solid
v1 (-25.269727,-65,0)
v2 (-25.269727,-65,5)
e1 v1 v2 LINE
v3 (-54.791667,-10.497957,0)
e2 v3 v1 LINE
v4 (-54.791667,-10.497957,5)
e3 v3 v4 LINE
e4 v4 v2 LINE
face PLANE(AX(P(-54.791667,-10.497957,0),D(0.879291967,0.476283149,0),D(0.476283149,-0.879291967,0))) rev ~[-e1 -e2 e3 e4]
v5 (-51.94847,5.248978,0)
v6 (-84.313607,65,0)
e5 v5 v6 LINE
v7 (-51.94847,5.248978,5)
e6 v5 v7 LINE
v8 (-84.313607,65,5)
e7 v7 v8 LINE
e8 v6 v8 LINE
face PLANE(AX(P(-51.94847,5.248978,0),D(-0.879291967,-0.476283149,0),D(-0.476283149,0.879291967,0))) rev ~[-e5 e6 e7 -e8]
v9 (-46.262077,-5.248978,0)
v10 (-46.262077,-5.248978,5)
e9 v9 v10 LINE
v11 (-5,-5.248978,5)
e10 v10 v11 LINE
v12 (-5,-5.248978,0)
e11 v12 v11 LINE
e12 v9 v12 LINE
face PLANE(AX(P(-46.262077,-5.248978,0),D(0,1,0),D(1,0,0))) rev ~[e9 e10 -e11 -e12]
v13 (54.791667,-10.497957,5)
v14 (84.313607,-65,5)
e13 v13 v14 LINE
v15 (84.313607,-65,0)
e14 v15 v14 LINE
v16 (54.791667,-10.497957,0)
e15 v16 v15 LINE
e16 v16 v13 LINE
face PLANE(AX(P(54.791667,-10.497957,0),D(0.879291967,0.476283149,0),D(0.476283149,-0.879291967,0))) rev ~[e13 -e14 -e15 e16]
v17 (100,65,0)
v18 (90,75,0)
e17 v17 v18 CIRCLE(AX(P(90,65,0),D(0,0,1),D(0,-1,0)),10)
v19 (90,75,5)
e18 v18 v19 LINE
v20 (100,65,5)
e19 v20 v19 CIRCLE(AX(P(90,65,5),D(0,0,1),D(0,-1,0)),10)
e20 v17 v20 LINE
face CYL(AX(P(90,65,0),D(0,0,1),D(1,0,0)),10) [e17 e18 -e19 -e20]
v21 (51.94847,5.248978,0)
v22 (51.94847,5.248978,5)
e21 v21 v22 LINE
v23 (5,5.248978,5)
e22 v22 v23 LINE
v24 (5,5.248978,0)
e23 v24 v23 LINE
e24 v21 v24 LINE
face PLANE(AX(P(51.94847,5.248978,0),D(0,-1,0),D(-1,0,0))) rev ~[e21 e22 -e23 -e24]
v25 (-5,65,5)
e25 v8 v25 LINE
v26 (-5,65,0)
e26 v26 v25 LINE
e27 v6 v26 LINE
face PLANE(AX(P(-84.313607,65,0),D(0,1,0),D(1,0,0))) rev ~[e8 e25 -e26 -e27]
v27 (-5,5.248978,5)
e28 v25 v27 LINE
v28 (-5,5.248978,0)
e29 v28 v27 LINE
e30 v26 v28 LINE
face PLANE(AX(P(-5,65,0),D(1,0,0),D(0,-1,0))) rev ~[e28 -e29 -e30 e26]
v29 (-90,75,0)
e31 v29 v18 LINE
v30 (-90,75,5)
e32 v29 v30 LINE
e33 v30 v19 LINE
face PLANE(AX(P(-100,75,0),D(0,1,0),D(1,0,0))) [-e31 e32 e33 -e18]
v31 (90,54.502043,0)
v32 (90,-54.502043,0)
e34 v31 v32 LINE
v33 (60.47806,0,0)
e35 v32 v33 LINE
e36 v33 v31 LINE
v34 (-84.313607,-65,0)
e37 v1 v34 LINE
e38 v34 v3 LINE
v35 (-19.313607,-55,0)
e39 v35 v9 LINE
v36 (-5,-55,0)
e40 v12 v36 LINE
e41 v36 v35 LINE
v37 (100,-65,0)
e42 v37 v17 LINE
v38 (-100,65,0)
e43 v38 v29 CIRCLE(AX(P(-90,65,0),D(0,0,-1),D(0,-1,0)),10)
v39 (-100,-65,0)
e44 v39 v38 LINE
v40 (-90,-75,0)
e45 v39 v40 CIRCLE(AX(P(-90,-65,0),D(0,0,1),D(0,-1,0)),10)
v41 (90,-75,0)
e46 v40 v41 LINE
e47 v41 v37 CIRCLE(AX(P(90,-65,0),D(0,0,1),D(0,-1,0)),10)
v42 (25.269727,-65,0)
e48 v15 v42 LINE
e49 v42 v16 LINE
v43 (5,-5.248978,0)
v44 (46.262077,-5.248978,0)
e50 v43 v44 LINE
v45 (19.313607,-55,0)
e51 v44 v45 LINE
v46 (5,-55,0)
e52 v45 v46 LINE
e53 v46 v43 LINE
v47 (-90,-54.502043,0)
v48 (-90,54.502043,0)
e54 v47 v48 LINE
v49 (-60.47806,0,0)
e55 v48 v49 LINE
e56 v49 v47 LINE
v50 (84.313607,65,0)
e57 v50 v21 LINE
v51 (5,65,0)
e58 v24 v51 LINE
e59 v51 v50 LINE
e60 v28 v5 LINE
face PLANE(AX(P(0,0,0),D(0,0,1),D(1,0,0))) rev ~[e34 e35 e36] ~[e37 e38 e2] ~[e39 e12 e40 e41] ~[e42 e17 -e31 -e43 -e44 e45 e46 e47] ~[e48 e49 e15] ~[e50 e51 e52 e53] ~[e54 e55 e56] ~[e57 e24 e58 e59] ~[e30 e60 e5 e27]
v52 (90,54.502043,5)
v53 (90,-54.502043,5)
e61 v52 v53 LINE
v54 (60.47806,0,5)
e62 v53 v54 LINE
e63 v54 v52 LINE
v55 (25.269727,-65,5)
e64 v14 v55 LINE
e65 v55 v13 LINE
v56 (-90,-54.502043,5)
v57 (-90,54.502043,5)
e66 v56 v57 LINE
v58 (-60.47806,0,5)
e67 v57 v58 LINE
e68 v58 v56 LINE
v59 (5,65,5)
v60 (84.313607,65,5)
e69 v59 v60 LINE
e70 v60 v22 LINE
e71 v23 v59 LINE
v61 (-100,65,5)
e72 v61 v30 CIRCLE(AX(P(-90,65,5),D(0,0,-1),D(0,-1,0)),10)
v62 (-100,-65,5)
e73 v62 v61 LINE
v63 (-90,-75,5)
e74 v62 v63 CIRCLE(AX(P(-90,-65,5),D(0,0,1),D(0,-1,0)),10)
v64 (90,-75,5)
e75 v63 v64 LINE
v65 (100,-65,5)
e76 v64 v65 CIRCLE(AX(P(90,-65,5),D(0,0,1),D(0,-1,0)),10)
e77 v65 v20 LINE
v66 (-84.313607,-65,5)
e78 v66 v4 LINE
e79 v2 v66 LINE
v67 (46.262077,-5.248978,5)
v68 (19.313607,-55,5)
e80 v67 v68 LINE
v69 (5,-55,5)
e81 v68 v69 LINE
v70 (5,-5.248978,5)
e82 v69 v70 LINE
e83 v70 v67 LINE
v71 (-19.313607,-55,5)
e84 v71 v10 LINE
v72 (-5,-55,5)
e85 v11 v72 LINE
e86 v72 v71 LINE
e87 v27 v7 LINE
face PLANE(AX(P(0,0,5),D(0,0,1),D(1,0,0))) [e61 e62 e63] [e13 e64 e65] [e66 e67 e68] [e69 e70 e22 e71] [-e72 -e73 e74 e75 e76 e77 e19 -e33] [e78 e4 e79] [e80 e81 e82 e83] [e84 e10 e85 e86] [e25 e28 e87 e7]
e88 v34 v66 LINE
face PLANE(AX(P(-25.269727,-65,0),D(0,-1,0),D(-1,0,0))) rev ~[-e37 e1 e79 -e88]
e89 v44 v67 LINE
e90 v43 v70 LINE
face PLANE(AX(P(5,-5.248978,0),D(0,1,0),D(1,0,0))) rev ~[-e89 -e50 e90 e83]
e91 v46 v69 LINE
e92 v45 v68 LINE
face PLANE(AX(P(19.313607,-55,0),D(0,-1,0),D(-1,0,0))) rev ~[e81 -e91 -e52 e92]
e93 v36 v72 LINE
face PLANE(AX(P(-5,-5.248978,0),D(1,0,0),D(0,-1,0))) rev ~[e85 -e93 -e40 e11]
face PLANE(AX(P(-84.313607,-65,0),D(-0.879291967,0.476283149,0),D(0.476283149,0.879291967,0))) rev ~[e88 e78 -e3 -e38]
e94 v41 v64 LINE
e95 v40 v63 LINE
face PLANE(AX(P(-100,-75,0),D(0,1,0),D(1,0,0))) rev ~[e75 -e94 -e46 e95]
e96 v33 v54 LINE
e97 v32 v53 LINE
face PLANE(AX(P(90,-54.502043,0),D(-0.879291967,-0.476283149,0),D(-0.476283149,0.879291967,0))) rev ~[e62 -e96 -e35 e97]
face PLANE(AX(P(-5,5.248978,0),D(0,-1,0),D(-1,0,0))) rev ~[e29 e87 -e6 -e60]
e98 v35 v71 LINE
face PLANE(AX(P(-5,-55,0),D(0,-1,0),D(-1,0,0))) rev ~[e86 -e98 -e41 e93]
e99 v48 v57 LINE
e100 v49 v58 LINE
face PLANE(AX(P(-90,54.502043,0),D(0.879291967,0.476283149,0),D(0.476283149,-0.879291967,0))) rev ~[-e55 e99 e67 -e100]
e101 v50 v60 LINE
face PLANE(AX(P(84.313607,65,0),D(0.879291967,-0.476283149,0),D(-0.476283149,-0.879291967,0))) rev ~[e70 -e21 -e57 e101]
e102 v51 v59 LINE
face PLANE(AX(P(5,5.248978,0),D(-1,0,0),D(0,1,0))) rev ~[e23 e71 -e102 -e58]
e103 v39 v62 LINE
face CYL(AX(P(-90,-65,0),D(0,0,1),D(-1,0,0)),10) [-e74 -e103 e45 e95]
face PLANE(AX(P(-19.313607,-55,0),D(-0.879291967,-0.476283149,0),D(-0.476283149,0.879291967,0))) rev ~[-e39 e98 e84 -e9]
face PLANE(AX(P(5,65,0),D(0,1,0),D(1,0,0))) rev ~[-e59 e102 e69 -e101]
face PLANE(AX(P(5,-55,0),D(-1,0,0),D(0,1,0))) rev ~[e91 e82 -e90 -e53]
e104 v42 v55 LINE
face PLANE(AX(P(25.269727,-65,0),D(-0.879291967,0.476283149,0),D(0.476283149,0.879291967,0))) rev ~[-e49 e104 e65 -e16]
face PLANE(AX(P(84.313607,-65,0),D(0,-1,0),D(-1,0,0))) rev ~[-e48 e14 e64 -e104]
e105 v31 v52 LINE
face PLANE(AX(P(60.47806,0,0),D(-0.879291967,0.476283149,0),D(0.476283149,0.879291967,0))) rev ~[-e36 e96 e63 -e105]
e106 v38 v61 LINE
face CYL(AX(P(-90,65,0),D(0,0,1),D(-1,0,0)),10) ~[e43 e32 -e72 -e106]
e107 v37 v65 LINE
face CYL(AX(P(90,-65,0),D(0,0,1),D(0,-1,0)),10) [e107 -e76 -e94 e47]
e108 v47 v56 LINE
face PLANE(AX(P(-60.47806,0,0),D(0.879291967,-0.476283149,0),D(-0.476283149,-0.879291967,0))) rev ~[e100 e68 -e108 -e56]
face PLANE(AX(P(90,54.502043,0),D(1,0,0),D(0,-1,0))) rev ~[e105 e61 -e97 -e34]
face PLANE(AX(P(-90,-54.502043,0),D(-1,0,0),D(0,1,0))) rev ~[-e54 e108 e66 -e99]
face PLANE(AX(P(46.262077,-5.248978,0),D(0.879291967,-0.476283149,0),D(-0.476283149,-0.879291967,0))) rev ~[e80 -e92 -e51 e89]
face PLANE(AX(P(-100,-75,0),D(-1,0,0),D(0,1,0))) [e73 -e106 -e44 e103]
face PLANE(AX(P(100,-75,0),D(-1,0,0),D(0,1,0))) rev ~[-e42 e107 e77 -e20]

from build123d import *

# Parameters (mm, degrees)
F0_W     = 200
F0_H     = 150
F1_DEPTH = 5
F2_R     = 10


with BuildPart() as f1:
    # F0 (on Top) → F1 (new body)
    with BuildSketch(Plane.XY):
        Rectangle(F0_W, F0_H)
        Polygon((-90, 54.5020430277), (-90, 65), (-84.31360664, 65), (-5, 65), (5, 65), (84.31360664, 65), (90, 65), (90, 54.5020430277), (90, -54.5020430277), (90, -65), (84.31360664, -65), (25.2697266933, -65), (25, -65), (25, -55), (19.31360664, -55), (5, -55), (-5, -55), (-19.31360664, -55), (-25, -55), (-25, -65), (-25.2697266933, -65), (-84.31360664, -65), (-90, -65), (-90, -54.5020430277), align=None, mode=Mode.SUBTRACT)
        Polygon((-19.31360664, -55), (-46.2620766267, -5.2489784861), (-51.9484699867, -5.2489784861), (-54.7916666667, -10.4979569723), (-25.2697266933, -65), (-25, -65), (-25, -55), align=None)
        Polygon((0, -5.2489784861), (-5, -5.2489784861), (-5, -55), (5, -55), (5, -5.2489784861), align=None)
        Polygon((0, 5.2489784861), (-5, 5.2489784861), (-5, -5.2489784861), (0, -5.2489784861), (5, -5.2489784861), (5, 5.2489784861), align=None)
        Polygon((5, 65), (-5, 65), (-5, 5.2489784861), (0, 5.2489784861), (5, 5.2489784861), align=None)
        Polygon((51.9484699867, -5.2489784861), (46.2620766267, -5.2489784861), (19.31360664, -55), (25, -55), (25, -65), (25.2697266933, -65), (54.7916666667, -10.4979569723), align=None)
        Polygon((-60.4780600266, 0), (-90, -54.5020430277), (-90, -65), (-84.31360664, -65), (-54.7916666667, -10.4979569723), align=None)
        Polygon((-84.31360664, 65), (-90, 65), (-90, 54.5020430277), (-60.4780600266, 0), (-57.6348633467, 5.2489784861), (-51.9484699867, 5.2489784861), align=None)
        Polygon((-46.2620766267, -5.2489784861), (-51.9484699867, 5.2489784861), (-57.6348633467, 5.2489784861), (-60.4780600266, 0), (-54.7916666667, -10.4979569723), (-51.9484699867, -5.2489784861), align=None)
        Polygon((-5, 5.2489784861), (-51.9484699867, 5.2489784861), (-46.2620766267, -5.2489784861), (-5, -5.2489784861), align=None)
        Polygon((51.9484699867, 5.2489784861), (5, 5.2489784861), (5, -5.2489784861), (46.2620766267, -5.2489784861), align=None)
        Polygon((57.6348633467, 5.2489784861), (51.9484699867, 5.2489784861), (46.2620766267, -5.2489784861), (51.9484699867, -5.2489784861), (54.7916666667, -10.4979569723), (60.4780600266, 0), align=None)
        Polygon((90, -65), (90, -54.5020430277), (60.4780600266, 0), (54.7916666667, -10.4979569723), (84.31360664, -65), align=None)
        Polygon((90, 65), (84.31360664, 65), (51.9484699867, 5.2489784861), (57.6348633467, 5.2489784861), (60.4780600266, 0), (90, 54.5020430277), align=None)
    extrude(amount=F1_DEPTH)

    # F2
    f2_edges = [f1.edges().sort_by_distance(p)[0] for p in [
        (-100, -75, 2.5),
        (100, -75, 2.5),
        (100, 75, 2.5),
        (-100, 75, 2.5),
    ]]
    fillet(f2_edges, radius=F2_R)


solid = f1.part
